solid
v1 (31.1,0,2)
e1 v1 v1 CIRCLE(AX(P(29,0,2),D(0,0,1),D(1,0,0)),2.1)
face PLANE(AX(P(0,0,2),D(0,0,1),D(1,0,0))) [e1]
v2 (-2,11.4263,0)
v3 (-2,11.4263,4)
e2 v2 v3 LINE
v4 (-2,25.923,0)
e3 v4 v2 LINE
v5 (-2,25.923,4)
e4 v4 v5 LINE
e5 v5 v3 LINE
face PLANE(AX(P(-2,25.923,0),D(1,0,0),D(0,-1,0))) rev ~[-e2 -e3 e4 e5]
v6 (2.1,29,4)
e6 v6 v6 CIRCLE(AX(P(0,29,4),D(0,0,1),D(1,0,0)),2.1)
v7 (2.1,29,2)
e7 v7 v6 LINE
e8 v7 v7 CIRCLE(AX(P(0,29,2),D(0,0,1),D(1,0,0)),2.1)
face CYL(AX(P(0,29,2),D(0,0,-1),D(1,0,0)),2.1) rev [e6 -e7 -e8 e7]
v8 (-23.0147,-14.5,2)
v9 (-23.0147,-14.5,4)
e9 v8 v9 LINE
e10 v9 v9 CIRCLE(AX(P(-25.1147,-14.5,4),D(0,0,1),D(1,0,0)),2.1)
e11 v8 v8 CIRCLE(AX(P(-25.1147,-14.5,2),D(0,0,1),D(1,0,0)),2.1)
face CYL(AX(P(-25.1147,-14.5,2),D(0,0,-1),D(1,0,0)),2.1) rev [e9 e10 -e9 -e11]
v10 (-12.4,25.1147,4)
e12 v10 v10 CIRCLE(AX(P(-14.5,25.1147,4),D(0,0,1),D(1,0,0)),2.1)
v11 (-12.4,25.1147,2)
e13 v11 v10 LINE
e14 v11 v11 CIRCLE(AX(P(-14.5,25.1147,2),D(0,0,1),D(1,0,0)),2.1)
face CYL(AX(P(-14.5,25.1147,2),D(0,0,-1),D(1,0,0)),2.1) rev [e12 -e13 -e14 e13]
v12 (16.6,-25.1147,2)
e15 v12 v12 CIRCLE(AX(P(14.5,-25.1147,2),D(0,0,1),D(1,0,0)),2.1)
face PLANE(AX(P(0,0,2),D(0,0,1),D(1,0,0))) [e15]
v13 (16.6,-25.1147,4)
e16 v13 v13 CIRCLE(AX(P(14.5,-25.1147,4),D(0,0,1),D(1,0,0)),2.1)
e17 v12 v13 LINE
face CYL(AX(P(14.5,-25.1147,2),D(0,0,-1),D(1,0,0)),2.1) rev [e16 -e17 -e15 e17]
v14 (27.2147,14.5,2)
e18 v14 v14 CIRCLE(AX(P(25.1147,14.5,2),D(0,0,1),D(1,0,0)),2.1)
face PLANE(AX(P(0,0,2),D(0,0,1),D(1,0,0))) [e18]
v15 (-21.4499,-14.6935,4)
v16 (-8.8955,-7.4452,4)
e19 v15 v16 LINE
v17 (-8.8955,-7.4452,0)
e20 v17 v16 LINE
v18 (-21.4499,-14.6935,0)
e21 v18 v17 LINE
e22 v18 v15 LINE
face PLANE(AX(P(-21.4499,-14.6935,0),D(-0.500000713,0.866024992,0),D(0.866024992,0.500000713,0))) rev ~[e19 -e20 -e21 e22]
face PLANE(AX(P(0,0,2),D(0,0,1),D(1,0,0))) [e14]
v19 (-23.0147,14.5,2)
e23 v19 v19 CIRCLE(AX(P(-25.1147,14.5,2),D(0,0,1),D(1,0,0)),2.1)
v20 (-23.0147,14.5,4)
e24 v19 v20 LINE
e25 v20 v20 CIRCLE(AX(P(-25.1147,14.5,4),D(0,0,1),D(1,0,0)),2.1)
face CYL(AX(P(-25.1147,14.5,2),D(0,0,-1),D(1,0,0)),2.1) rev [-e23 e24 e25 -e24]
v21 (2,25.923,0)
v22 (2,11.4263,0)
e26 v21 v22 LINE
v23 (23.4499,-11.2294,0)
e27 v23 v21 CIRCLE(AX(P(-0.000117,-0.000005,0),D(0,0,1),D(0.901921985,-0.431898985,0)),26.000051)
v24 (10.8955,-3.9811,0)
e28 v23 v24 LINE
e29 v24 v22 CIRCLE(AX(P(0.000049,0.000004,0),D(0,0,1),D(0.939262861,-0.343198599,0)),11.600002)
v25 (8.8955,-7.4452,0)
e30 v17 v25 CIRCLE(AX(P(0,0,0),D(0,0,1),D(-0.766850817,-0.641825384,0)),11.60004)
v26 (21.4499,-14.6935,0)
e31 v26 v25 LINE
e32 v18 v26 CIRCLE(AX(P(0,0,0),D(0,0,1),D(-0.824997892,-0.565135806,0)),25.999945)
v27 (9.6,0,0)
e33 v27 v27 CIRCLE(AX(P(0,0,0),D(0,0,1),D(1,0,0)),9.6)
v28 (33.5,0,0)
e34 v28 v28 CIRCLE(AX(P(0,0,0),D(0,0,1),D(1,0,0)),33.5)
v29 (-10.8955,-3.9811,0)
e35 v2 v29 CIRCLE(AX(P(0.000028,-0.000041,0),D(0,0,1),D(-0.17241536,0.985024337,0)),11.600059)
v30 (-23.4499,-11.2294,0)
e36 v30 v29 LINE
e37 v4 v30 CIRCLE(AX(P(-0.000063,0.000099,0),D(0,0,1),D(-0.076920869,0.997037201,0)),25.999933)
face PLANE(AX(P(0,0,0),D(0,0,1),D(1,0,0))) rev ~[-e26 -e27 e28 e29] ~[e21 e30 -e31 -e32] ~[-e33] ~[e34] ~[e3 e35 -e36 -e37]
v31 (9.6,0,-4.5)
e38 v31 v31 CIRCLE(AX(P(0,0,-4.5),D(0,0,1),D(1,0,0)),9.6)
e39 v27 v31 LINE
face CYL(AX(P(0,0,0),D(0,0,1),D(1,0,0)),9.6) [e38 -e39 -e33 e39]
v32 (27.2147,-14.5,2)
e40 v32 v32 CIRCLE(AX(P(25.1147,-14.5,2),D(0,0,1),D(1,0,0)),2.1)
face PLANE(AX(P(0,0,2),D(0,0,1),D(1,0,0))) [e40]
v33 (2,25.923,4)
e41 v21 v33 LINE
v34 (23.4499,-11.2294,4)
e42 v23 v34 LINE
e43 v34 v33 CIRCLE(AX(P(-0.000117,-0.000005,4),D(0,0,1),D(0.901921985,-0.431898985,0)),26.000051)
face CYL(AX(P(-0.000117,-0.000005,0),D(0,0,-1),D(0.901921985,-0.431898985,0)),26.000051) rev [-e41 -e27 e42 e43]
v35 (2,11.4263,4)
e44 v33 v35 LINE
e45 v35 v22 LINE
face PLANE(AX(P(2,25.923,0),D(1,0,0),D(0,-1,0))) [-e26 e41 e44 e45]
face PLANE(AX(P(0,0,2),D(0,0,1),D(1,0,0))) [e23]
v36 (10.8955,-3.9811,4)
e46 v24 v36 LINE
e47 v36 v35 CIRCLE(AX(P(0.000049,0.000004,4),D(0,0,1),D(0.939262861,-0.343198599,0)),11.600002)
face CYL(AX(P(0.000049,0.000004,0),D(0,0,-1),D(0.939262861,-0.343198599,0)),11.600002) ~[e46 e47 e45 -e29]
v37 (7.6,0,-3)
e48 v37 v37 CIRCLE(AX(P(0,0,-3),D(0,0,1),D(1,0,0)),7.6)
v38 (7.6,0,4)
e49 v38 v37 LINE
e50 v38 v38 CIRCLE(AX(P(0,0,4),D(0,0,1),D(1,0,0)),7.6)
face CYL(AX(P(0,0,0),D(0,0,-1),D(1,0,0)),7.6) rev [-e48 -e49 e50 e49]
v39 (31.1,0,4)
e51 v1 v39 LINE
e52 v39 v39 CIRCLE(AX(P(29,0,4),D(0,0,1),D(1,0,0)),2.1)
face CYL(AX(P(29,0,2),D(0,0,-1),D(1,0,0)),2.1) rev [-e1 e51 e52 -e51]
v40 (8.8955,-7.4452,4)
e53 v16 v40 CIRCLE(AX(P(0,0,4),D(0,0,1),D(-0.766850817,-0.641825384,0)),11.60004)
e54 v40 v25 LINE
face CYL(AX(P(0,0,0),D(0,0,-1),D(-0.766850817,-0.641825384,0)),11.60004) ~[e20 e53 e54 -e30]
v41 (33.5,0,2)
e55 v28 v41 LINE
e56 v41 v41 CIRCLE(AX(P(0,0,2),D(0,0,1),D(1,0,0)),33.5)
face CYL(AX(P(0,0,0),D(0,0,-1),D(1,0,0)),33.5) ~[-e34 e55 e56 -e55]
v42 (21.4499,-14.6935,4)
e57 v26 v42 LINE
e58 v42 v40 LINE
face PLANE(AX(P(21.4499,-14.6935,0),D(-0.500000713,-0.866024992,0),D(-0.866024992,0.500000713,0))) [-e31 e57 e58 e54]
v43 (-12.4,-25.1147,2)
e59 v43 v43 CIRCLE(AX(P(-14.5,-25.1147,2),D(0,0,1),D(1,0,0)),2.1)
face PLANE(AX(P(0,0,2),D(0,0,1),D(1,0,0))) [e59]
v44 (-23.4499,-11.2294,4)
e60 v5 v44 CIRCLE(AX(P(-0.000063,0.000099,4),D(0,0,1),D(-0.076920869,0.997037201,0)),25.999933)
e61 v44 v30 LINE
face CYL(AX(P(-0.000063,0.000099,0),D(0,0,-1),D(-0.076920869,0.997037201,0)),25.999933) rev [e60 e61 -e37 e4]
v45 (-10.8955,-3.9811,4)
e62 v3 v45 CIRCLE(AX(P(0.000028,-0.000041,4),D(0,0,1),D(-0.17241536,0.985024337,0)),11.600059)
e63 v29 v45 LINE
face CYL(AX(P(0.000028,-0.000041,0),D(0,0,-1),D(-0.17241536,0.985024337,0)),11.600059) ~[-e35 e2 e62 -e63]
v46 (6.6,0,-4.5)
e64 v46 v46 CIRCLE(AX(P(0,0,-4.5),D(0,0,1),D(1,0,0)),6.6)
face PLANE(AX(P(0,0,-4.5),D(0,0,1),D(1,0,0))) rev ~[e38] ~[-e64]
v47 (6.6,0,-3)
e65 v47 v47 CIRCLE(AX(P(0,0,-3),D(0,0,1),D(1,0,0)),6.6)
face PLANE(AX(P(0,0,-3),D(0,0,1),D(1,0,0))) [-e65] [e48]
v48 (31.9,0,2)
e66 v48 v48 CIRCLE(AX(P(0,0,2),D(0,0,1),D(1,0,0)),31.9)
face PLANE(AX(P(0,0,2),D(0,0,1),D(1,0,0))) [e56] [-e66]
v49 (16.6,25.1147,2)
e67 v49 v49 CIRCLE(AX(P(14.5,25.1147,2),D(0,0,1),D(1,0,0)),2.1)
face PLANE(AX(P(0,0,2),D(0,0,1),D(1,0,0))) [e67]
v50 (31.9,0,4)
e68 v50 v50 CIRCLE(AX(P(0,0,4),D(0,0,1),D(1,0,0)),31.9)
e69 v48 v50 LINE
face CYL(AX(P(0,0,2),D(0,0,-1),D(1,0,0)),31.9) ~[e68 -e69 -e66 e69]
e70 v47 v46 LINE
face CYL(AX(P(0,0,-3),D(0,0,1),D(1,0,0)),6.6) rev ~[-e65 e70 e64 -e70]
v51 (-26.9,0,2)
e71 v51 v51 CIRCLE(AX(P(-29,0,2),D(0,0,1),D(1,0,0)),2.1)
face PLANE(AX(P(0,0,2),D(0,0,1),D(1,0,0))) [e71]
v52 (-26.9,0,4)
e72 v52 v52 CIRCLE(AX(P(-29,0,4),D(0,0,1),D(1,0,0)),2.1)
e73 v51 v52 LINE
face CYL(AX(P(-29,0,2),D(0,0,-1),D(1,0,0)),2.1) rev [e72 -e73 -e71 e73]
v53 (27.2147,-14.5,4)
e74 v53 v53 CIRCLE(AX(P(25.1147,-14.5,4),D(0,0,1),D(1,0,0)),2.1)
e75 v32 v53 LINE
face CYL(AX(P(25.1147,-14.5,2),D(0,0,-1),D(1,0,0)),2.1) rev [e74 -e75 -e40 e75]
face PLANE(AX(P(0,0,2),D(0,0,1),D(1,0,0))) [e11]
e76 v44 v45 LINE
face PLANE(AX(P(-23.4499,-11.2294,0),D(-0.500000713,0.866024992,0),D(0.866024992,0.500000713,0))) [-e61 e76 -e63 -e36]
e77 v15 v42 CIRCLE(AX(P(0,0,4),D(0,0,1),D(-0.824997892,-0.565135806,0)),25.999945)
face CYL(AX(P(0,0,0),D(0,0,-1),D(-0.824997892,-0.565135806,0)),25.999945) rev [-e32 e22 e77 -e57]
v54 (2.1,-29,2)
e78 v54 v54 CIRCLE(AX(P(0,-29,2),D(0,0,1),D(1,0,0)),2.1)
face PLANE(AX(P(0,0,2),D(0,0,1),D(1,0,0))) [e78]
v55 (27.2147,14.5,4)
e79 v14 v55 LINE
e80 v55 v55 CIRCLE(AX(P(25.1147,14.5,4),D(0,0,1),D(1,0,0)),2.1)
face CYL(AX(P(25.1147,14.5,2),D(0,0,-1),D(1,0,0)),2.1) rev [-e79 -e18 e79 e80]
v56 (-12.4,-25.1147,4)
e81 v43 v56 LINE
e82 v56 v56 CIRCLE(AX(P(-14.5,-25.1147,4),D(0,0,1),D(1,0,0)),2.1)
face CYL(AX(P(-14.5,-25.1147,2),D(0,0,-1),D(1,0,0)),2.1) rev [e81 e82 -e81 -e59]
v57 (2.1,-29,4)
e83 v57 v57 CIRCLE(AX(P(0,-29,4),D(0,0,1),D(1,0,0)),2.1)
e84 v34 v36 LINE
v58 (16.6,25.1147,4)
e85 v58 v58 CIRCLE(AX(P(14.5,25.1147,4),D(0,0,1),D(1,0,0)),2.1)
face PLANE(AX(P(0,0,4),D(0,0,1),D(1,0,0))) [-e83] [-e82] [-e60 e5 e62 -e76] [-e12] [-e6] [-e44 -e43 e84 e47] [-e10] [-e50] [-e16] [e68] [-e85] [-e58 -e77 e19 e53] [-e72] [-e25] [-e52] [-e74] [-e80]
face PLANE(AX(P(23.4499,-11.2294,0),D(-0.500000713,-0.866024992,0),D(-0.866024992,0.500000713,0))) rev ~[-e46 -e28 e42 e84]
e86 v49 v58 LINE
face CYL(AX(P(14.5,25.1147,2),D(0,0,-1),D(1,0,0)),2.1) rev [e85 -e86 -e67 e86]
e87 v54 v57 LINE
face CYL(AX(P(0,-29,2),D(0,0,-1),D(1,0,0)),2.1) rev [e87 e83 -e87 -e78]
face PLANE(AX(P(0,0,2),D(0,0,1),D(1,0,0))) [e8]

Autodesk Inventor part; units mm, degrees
ref_plane "YZ Plane" through (0, 0, 0) normal (1, 0, 0) x (0, 1, 0)
ref_plane "XZ Plane" through (0, 0, 0) normal (0, 1, 0) x (-1, 0, 0)
ref_plane "XY Plane" through (0, 0, 0) normal (0, 0, 1) x (1, 0, 0)
sketch "Skizze1" plane through (0, 0, 0) normal (0, 0, 1) x (1, 0, 0)
  circle A0 centre (0, 0) radius 29 construction
  circle A1 centre (0, 0) radius 33.5
  circle A2 centre (0, 0) radius 7.6
  circle A3 centre (0, 0) radius 9.6
  circle A4 centre (0, 0) radius 6.6
  line L0 (0, 46.9) -> (0, -46.9) construction
  line L1 (-46.9, 0) -> (46.9, 0) construction
  line L2 (-2, 25.923) -> (-2, 11.4263)
  line L3 (0, 0) -> (-28.9685, 16.725) construction
  line L4 (-23.4499, -11.2294) -> (-10.8955, -3.9811)
  arc A5 (-2, 11.4263) -> (-10.8955, -3.9811) centre (0, 0) ccw
  arc A6 (-2, 25.923) -> (-23.4499, -11.2294) centre (0, 0) ccw
  line L5 (21.4499, -14.6935) -> (8.8955, -7.4452)
  arc A7 (-21.4499, -14.6935) -> (21.4499, -14.6935) centre (0, 0) ccw
  line L6 (-21.4499, -14.6935) -> (-8.8955, -7.4452)
  arc A8 (-8.8955, -7.4452) -> (8.8955, -7.4452) centre (0, 0) ccw
  line L7 (2, 25.923) -> (2, 11.4263)
  arc A9 (23.4499, -11.2294) -> (2, 25.923) centre (0, 0) ccw
  line L8 (23.4499, -11.2294) -> (10.8955, -3.9811)
  arc A10 (10.8955, -3.9811) -> (2, 11.4263) centre (0, 0) ccw
  circle A11 centre (0, 29) radius 2.1
  circle A12 centre (-14.5, 25.1147) radius 2.1
  circle A13 centre (-25.1147, 14.5) radius 2.1
  circle A14 centre (-29, 0) radius 2.1
  circle A15 centre (-25.1147, -14.5) radius 2.1
  circle A16 centre (-14.5, -25.1147) radius 2.1
  circle A17 centre (0, -29) radius 2.1
  circle A18 centre (14.5, -25.1147) radius 2.1
  circle A19 centre (25.1147, -14.5) radius 2.1
  circle A20 centre (29, 0) radius 2.1
  circle A21 centre (25.1147, 14.5) radius 2.1
  circle A22 centre (0, 0) radius 31.9
  circle A23 centre (14.5, 25.1147) radius 2.1
  dimension "d1" = 29
  dimension "d2" = 15.2
  dimension "d3" = 2
  dimension "d12" = 1
  dimension "d17" = 60
  dimension "d18" = 2
  dimension "d19" = 3
  dimension "d20" = 2
  dimension "d23" = 360
  dimension "d28" = 4.2
  dimension "d31" = 360
  dimension "d33" = 63.8
  dimension "d35" = 67
extrude "Extrusion1" add sketch "Skizze1" along normal blind 2 contours A1 | A3 | A11 | A12 | A13 | A14 | A15 | A16 | A17 | A18 | A19 | A20 | A21 | A22 | A23
extrude "Extrusion2" add sketch "Skizze1" along normal blind 2 from surface at 2 contours A3 | A22
extrude "Extrusion3" add sketch "Skizze1" against normal blind 3 from surface at 0 contours A3
extrude "Extrusion4" add sketch "Skizze1" against normal blind 1.5 from surface at -3 contours A2 | A3
properties part number "ShaftHolder2"
